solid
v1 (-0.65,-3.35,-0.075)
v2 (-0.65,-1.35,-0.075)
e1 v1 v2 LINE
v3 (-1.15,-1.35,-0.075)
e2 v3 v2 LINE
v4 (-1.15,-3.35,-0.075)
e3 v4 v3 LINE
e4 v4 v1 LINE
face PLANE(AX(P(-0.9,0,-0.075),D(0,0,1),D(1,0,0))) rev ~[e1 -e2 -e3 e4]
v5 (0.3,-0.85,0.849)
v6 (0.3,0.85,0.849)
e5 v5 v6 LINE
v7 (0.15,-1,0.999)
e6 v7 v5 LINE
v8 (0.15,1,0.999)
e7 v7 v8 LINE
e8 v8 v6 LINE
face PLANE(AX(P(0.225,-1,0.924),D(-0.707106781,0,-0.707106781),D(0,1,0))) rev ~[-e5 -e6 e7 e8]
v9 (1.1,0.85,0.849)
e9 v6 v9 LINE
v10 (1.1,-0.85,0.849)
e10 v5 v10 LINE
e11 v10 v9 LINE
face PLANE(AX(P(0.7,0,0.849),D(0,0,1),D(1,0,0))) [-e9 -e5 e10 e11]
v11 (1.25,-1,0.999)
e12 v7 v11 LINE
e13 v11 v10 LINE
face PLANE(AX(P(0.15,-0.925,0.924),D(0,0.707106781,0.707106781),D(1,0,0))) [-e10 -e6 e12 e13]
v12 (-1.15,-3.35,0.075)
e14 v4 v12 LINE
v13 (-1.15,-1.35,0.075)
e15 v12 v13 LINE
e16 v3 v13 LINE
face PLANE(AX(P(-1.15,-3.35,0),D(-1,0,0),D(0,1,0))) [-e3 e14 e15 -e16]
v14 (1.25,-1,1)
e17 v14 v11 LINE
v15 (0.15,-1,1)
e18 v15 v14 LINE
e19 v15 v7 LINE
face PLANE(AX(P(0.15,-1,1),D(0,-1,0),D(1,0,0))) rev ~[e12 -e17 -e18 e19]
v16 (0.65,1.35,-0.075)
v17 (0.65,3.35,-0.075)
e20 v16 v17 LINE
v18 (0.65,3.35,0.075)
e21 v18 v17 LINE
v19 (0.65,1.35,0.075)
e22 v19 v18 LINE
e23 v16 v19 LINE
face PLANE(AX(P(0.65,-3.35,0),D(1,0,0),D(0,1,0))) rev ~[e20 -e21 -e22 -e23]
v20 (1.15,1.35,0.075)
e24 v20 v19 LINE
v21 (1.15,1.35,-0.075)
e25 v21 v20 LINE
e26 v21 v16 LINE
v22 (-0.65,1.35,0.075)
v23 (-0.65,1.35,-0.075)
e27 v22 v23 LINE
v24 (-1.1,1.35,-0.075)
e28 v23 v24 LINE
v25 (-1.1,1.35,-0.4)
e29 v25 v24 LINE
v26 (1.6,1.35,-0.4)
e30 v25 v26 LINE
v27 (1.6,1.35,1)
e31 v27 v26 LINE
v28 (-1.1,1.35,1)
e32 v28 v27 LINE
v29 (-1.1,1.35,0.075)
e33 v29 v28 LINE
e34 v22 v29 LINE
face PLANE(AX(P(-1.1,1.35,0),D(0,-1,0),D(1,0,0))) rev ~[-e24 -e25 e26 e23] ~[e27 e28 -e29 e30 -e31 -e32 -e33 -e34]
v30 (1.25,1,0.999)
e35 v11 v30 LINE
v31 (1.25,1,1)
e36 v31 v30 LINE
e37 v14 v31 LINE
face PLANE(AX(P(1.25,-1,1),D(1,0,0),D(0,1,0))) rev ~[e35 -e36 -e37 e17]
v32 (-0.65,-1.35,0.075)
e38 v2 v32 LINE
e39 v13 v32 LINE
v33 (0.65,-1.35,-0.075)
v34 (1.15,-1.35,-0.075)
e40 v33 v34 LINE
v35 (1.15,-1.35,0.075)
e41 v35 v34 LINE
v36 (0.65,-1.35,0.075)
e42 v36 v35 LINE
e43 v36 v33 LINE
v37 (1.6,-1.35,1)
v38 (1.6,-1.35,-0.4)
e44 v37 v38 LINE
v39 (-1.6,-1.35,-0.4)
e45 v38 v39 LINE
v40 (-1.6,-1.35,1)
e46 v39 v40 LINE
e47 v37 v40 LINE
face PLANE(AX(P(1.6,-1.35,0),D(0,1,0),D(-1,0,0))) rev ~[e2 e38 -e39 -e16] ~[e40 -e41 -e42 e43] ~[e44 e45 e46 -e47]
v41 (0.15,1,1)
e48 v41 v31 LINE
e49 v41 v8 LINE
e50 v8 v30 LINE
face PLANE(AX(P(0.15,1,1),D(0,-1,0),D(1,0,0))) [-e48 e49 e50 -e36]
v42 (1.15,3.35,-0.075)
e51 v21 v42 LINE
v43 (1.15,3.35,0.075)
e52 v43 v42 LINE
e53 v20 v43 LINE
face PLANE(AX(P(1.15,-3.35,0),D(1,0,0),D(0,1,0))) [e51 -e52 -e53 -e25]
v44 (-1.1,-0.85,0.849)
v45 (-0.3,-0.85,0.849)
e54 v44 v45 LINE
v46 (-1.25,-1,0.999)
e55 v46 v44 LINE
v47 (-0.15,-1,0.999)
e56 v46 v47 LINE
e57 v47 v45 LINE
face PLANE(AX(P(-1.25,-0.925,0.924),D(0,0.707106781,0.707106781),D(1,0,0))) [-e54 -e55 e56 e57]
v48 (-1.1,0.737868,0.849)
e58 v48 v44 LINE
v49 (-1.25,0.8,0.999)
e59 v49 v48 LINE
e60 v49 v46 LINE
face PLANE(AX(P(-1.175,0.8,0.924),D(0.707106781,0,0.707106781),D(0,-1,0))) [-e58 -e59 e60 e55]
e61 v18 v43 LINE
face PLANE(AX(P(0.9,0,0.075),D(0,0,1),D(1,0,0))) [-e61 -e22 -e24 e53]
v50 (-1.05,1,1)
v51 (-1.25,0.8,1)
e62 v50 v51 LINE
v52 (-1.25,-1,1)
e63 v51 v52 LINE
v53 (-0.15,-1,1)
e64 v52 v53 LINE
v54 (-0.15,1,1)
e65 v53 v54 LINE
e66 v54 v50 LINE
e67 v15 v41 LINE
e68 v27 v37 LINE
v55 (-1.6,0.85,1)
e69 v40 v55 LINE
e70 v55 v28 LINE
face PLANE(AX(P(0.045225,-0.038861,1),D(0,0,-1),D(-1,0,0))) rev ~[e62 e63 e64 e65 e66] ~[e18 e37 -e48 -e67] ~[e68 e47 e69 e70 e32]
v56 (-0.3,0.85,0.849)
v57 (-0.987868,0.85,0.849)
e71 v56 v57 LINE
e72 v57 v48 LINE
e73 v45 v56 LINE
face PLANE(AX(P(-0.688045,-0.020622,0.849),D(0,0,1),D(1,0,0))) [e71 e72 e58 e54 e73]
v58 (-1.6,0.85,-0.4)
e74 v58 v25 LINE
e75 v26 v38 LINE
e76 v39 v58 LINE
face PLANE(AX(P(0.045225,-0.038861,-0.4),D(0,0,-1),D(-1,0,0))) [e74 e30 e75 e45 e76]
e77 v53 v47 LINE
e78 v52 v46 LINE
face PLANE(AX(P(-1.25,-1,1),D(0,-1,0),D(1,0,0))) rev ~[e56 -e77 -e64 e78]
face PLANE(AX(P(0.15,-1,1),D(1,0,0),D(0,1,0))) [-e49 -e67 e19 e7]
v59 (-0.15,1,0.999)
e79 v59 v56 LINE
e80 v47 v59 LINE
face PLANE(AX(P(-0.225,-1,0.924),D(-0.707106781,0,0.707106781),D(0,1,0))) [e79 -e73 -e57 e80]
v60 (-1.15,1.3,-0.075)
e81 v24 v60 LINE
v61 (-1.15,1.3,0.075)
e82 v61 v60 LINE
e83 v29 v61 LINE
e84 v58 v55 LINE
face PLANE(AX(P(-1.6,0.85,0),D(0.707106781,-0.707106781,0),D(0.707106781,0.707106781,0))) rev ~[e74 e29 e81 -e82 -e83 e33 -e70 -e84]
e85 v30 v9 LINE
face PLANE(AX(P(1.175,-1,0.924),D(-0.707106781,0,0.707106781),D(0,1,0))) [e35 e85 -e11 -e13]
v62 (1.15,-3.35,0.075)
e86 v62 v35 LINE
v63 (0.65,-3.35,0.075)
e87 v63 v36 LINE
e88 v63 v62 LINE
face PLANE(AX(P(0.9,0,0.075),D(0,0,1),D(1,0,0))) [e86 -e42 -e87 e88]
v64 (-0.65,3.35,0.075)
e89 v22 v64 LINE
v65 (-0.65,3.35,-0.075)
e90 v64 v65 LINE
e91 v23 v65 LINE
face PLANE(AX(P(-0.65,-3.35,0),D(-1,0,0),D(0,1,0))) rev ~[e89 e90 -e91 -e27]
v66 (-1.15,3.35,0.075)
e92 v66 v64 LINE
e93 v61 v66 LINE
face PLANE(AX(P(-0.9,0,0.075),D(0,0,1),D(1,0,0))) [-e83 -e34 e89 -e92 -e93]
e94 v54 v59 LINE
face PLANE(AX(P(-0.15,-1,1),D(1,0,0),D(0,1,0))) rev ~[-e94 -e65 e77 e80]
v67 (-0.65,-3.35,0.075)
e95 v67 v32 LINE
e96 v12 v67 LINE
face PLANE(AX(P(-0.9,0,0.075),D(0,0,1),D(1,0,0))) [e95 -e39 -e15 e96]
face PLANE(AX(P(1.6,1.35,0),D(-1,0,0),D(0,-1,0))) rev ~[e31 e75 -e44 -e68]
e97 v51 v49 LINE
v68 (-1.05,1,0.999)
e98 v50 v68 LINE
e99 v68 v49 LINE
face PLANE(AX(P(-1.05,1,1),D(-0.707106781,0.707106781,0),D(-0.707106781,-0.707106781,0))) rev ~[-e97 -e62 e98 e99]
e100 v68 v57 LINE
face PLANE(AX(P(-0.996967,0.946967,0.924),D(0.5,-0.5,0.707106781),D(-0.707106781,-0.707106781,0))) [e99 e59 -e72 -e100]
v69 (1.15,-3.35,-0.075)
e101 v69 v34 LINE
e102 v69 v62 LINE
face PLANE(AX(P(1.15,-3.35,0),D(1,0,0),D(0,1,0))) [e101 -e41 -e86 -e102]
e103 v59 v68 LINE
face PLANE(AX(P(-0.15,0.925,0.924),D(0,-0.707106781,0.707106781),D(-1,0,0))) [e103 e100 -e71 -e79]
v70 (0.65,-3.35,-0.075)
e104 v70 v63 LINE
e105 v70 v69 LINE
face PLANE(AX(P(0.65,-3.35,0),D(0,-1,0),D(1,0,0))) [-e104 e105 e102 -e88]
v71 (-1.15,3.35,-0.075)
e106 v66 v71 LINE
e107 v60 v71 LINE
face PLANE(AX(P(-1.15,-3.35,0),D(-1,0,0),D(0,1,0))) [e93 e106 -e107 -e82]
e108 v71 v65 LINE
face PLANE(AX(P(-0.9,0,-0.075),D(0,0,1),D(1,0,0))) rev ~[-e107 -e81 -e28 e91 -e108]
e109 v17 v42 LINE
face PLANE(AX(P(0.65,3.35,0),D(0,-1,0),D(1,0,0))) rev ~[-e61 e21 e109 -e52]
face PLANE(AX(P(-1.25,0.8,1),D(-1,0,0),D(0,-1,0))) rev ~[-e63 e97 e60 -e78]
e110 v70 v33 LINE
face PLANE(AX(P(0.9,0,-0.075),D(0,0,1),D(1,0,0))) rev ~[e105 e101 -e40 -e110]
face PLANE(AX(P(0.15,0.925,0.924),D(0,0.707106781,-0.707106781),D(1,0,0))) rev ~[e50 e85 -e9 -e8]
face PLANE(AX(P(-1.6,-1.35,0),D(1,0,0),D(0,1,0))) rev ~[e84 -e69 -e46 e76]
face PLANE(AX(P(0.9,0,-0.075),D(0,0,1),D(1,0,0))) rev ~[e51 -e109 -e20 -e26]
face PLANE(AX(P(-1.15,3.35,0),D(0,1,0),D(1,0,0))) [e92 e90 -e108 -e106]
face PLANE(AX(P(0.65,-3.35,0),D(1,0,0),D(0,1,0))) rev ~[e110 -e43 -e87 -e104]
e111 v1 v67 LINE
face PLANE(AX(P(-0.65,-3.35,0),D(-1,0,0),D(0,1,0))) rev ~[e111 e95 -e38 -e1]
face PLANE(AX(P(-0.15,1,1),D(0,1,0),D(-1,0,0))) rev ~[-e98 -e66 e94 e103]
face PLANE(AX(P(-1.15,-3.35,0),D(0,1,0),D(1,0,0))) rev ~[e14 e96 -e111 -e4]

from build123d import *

# Parameters (mm, degrees)
SKETCH002_W    = 0.5
SKETCH002_H    = 6.7
PAD001_DEPTH   = 0.075
PAD_DEPTH      = 1
PAD_DEPTH_BACK = 0.4
SKETCH001_W    = 1.1
SKETCH001_H    = 2
POCKET_DEPTH   = 0.151
CHAMFER_SIZE   = 0.15


with BuildPart() as pad001:
    # Sketch002 → Pad001 (new body, symmetric)
    with BuildSketch(Plane.XY):
        with Locations((-0.9, 0)):
            Rectangle(SKETCH002_W, SKETCH002_H)
        with Locations((0.9, 0)):
            Rectangle(SKETCH002_W, SKETCH002_H)
    extrude(amount=PAD001_DEPTH, both=True)


with BuildPart() as everlight_itr8307:
    # Sketch → Pad (new body, two sides)
    with BuildSketch(Plane.XY) as pad_sk:
        Polygon((-1.1, 1.35), (1.6, 1.35), (1.6, -1.35), (-1.6, -1.35), (-1.6, 0.85), align=None)
    extrude(amount=PAD_DEPTH)
    extrude(pad_sk.sketch, amount=-PAD_DEPTH_BACK)

    # Sketch001 → Pocket (cut)
    with BuildSketch(Plane.XY.offset(1)):
        Polygon((-1.25, -1), (-0.15, -1), (-0.15, 1), (-1.05, 1), (-1.25, 0.8), align=None)
        with Locations((0.7, 0)):
            Rectangle(SKETCH001_W, SKETCH001_H)
    extrude(amount=-POCKET_DEPTH, mode=Mode.SUBTRACT)

    # Chamfer
    chamfer_edges = [everlight_itr8307.edges().sort_by_distance(p)[0] for p in [
        (-1.15, 0.9, 0.849),
        (-0.6, 1, 0.849),
        (-1.25, -0.1, 0.849),
        (0.15, 0, 0.849),
        (0.7, 1, 0.849),
        (1.25, 0, 0.849),
        (-0.15, 0, 0.849),
        (0.7, -1, 0.849),
        (-0.7, -1, 0.849),
    ]]
    chamfer(chamfer_edges, length=CHAMFER_SIZE)

    # Chamfer_mp_cp: union Pad001
    add(pad001.part)


solid = everlight_itr8307.part
